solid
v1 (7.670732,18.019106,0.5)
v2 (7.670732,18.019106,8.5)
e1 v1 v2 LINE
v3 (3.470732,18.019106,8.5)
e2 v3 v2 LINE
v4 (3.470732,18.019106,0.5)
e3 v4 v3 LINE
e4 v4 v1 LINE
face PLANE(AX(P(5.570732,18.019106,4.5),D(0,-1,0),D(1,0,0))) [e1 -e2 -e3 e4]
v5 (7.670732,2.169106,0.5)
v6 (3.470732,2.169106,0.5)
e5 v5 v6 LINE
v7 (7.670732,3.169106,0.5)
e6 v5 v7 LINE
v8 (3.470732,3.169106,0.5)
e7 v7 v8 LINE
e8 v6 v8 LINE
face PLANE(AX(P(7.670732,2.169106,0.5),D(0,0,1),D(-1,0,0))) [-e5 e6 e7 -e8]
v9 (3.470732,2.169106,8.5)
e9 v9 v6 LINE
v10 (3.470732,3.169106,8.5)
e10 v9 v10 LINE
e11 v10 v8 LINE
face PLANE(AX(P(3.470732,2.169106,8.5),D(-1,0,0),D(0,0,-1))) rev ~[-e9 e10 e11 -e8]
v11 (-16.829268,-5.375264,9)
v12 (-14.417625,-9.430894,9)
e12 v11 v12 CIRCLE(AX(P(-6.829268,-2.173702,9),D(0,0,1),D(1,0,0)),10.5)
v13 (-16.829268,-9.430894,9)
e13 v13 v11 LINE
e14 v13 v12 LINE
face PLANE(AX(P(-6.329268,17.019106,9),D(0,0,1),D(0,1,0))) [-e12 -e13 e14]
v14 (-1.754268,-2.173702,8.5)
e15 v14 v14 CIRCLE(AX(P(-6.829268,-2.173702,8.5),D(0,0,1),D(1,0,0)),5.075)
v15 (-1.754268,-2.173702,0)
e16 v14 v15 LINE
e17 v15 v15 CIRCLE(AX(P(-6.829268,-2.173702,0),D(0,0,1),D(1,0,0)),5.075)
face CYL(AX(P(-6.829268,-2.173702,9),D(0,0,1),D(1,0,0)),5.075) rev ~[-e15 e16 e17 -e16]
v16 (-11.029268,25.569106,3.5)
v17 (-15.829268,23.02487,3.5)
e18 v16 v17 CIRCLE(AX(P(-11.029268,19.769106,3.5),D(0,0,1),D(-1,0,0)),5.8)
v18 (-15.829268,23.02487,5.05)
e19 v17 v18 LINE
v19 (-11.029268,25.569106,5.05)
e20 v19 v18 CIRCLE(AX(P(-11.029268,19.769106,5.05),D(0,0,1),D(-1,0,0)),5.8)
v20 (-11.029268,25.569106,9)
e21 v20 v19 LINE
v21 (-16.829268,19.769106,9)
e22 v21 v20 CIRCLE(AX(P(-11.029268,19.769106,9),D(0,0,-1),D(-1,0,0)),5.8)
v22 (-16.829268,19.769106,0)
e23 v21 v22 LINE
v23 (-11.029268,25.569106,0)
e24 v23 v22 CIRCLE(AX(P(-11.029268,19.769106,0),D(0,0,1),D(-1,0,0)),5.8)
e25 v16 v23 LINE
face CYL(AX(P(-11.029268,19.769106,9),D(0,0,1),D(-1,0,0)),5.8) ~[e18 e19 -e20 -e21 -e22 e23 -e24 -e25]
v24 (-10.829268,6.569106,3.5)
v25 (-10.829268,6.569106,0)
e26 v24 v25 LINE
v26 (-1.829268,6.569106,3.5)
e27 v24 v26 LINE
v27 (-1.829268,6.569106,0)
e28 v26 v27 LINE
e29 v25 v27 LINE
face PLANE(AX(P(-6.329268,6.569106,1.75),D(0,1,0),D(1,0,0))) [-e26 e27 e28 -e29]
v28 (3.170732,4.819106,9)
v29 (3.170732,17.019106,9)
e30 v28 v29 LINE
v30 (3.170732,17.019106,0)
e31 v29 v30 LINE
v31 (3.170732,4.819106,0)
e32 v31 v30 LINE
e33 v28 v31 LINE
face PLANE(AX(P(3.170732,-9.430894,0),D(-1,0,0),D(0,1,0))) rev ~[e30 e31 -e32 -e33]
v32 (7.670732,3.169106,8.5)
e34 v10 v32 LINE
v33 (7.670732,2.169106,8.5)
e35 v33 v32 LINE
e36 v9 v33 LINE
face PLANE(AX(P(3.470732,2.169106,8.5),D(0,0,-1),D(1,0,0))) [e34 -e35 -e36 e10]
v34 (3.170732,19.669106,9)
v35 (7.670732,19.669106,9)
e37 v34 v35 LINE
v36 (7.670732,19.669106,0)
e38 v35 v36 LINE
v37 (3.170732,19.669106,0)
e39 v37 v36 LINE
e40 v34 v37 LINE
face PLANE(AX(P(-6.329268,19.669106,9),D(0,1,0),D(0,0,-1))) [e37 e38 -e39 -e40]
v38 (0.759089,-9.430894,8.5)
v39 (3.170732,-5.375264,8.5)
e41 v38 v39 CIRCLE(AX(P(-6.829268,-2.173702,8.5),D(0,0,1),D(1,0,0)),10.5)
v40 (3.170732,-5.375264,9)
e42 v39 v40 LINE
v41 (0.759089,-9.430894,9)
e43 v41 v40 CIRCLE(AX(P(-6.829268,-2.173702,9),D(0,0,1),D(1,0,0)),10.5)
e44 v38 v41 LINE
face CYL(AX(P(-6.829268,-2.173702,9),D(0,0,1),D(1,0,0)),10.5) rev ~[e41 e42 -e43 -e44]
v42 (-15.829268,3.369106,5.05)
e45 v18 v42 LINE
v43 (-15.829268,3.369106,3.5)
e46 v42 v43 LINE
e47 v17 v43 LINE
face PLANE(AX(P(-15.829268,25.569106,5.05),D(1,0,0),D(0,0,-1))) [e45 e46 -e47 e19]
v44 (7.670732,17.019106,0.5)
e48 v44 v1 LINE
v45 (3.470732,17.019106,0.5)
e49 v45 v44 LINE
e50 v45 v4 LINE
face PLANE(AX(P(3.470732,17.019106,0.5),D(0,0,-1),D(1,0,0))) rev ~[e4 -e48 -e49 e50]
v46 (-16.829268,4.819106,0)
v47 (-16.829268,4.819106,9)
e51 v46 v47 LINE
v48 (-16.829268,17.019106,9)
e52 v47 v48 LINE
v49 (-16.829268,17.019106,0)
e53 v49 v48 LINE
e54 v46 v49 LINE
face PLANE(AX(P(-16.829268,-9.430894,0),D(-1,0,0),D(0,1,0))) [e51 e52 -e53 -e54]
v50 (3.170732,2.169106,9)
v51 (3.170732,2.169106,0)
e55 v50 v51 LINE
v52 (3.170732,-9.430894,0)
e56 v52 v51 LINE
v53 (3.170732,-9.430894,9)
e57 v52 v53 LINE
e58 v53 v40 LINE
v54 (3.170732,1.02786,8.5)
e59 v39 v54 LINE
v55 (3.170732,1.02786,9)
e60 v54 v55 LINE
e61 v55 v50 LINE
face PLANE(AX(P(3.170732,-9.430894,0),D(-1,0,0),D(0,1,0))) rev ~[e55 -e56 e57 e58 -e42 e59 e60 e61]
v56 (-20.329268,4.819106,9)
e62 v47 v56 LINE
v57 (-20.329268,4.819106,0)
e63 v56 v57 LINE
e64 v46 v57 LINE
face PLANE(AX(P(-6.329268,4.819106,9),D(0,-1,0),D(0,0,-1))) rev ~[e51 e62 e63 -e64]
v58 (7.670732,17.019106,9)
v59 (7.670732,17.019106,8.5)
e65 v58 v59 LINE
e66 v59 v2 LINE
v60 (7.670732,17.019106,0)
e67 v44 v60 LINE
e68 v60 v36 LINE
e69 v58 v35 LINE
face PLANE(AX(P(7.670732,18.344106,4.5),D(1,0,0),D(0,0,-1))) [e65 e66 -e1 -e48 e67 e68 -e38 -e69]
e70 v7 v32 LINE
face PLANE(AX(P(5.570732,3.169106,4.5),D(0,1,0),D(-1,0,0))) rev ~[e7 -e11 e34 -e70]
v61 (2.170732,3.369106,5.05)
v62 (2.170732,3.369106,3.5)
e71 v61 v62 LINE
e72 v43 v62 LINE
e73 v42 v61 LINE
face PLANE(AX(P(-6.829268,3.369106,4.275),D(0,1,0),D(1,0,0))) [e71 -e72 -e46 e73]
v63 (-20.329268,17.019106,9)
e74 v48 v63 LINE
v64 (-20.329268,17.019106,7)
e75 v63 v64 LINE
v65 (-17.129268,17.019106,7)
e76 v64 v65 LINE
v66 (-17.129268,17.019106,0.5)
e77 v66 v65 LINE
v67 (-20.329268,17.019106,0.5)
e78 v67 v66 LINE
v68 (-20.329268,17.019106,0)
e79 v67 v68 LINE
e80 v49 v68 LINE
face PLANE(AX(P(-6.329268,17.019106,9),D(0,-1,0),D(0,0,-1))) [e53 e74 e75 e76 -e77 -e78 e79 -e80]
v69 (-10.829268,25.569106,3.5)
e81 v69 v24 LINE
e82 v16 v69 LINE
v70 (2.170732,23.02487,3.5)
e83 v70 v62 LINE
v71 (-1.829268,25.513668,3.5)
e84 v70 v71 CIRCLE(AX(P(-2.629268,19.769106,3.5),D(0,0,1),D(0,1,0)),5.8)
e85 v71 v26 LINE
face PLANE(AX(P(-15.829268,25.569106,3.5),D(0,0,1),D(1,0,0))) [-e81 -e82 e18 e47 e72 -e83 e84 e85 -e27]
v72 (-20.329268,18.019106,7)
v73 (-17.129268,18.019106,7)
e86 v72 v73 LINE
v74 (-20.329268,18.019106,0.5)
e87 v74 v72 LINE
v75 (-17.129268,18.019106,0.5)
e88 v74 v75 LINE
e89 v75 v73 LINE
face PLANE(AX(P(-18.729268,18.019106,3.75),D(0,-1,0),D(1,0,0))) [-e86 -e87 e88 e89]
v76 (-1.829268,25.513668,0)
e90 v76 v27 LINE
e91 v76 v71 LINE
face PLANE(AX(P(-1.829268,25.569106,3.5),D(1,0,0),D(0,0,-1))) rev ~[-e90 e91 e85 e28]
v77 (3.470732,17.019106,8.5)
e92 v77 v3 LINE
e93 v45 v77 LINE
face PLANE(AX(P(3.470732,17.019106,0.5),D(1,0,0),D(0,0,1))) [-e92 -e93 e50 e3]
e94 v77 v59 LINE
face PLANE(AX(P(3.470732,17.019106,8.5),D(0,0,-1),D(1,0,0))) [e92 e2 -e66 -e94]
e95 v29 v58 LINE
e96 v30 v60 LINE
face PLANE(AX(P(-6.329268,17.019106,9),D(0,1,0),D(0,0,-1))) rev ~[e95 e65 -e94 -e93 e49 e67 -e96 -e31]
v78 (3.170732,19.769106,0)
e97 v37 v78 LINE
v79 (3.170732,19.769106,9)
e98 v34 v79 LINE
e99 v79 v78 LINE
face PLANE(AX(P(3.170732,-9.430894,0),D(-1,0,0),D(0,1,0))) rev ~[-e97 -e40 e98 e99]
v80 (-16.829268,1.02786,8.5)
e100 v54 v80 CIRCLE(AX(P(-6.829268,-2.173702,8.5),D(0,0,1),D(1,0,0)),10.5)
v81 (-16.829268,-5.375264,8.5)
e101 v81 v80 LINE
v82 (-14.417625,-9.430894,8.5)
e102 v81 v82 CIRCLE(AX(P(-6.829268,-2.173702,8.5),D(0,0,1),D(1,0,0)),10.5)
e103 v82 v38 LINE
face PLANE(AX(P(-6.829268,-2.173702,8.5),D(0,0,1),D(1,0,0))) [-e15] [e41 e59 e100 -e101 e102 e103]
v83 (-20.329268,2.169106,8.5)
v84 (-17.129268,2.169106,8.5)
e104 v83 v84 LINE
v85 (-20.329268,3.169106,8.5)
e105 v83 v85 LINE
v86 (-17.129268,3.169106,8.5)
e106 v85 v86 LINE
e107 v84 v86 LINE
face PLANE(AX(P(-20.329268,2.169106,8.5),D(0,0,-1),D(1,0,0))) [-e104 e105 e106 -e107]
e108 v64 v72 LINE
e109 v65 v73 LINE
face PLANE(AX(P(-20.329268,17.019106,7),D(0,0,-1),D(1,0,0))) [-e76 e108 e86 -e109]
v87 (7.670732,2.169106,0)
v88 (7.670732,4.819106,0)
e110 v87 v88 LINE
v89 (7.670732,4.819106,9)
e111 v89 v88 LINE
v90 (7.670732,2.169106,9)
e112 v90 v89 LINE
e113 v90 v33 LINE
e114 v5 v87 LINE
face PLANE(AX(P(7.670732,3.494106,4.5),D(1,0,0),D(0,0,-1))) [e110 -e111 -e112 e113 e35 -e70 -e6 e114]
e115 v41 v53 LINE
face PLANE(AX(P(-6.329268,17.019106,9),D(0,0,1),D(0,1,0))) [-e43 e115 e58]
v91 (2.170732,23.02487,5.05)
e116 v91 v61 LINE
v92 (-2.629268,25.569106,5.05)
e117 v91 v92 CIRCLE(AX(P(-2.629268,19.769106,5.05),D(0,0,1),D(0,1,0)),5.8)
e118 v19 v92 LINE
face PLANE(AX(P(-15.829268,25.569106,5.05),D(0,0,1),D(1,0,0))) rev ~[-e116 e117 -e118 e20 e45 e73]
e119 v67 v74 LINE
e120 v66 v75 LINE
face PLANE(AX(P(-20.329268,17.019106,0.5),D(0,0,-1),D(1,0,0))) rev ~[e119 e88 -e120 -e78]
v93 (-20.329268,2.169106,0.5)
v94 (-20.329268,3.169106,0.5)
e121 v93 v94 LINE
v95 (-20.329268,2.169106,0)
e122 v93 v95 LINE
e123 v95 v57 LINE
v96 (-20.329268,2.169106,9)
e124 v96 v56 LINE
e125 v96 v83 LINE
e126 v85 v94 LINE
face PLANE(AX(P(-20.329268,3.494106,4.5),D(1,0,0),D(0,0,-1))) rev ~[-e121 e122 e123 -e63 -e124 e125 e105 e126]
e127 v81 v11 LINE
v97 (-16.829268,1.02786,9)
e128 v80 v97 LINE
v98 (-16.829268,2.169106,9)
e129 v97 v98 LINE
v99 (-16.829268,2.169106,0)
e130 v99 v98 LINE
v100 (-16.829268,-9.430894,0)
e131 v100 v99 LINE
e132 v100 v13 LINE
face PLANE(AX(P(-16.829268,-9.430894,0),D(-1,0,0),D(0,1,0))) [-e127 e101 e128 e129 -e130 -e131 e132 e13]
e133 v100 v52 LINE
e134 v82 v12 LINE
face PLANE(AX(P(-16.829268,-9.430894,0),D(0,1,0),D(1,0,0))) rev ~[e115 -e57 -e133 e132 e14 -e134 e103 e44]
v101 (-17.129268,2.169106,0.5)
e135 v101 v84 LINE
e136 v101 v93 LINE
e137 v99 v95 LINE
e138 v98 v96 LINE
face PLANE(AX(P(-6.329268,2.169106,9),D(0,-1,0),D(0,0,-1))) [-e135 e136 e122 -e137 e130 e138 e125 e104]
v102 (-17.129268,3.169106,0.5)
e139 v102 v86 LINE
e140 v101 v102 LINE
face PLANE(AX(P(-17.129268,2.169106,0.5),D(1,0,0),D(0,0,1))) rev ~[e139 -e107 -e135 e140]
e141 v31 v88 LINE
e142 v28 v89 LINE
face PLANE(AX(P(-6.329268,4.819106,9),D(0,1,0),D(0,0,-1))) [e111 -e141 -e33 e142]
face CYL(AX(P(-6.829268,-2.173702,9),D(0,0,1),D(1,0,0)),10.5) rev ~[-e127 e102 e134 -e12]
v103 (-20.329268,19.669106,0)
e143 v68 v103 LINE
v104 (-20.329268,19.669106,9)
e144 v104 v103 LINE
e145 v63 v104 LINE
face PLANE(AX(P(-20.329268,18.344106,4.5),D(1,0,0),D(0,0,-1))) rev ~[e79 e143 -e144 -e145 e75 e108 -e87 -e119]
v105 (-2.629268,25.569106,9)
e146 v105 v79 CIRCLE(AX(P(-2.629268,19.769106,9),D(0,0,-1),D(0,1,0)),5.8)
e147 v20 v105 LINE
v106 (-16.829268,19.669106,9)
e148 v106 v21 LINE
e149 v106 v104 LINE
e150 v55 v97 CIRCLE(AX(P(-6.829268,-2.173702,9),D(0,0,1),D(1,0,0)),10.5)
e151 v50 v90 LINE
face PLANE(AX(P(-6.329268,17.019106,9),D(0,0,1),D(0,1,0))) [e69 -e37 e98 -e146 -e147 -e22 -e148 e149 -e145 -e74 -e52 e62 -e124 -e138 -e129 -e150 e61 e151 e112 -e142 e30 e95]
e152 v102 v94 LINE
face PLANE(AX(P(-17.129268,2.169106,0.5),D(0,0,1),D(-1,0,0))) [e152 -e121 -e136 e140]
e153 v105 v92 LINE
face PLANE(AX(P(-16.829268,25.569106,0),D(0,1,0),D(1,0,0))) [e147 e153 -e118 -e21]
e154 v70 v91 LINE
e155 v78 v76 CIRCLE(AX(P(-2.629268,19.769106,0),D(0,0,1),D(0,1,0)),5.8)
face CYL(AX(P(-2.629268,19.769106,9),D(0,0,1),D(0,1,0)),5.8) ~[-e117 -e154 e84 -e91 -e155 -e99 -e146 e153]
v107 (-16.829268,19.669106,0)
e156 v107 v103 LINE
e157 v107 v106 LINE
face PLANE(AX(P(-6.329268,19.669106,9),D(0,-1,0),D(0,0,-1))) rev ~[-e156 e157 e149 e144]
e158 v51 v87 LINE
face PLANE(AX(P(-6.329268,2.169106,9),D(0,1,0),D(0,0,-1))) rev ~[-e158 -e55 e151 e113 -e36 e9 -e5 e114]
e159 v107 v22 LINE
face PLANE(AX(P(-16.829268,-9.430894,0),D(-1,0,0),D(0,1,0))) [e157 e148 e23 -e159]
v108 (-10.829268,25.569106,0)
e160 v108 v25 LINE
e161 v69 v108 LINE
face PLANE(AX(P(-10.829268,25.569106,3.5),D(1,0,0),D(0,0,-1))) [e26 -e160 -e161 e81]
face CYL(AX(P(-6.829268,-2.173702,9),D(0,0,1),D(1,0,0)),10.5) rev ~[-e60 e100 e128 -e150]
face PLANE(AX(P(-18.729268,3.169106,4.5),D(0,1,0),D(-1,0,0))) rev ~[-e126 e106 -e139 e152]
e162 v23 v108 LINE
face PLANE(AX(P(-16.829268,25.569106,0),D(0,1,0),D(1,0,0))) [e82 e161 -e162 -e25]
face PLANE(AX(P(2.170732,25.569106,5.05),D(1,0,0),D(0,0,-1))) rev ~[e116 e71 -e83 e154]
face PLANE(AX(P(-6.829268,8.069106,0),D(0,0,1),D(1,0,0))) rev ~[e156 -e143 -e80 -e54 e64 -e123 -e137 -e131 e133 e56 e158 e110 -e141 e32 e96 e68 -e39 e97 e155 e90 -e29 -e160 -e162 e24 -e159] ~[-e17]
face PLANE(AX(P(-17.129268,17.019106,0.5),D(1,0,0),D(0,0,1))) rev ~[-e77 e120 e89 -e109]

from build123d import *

# Parameters (mm, degrees)
SKETCH2_W           = 20
SKETCH2_H           = 35
BOSS_EXTRUDE1_DEPTH = 9
SKETCH3_W           = 9
SKETCH3_H           = 2.65
BOSS_EXTRUDE2_DEPTH = 14
SKETCH3_2_W         = 9
SKETCH3_2_H         = 2.65
BOSS_EXTRUDE3_DEPTH = 14
SKETCH4_R           = 5.075
CUT_EXTRUDE1_DEPTH  = 34.88300924
SKETCH5_R           = 10.5
CUT_EXTRUDE2_DEPTH  = 0.5
SKETCH7_W           = 18
SKETCH7_H           = 1.55
CUT_EXTRUDE3_DEPTH  = 22.2
SKETCH8_W           = 9
SKETCH8_H           = 3.5
CUT_EXTRUDE4_DEPTH  = 19
SKETCH9_W           = 3.2
SKETCH9_H           = 8
SKETCH9_W_2         = 4.2
CUT_EXTRUDE5_DEPTH  = 1
SKETCH10_W          = 3.2
SKETCH10_H          = 6.5
SKETCH10_W_2        = 4.2
SKETCH10_H_2        = 8
CUT_EXTRUDE6_DEPTH  = 1
CUT_EXTRUDE7_DEPTH  = 10


with BuildPart() as part:
    # Sketch2 → Boss-Extrude1 (new body)
    with BuildSketch(Plane.XY):
        with Locations((-6.829268293, 8.069105691)):
            Rectangle(SKETCH2_W, SKETCH2_H)
    extrude(amount=BOSS_EXTRUDE1_DEPTH)

    # Sketch3 → Boss-Extrude2 (add)
    with BuildSketch(Plane(origin=(-6.329268293, 0, 0), x_dir=(0, 0, -1), z_dir=(1, 0, 0))):
        with Locations((-4.5, 18.344105691)):
            Rectangle(SKETCH3_W, SKETCH3_H)
        with Locations((-4.5, 3.494105691)):
            Rectangle(SKETCH3_W, SKETCH3_H)
    extrude(amount=BOSS_EXTRUDE2_DEPTH)

    # Sketch3<2> → Boss-Extrude3 (add)
    with BuildSketch(Plane(origin=(-6.329268293, 0, 0), x_dir=(0, 0, -1), z_dir=(1, 0, 0))):
        with Locations((-4.5, 18.344105691)):
            Rectangle(SKETCH3_2_W, SKETCH3_2_H)
        with Locations((-4.5, 3.494105691)):
            Rectangle(SKETCH3_2_W, SKETCH3_2_H)
    extrude(amount=-BOSS_EXTRUDE3_DEPTH)

    # Sketch4 → Cut-Extrude1 (cut, through all)
    with BuildSketch(Plane.XY.offset(9)):
        with Locations((-6.829268293, -2.173702028)):
            Circle(SKETCH4_R)
    extrude(amount=-CUT_EXTRUDE1_DEPTH, mode=Mode.SUBTRACT)

    # Sketch5 → Cut-Extrude2 (cut)
    with BuildSketch(Plane.XY.offset(9)):
        with Locations((-6.829268293, -2.173702028)):
            Circle(SKETCH5_R)
    extrude(amount=-CUT_EXTRUDE2_DEPTH, mode=Mode.SUBTRACT)

    # Sketch7 → Cut-Extrude3 (cut)
    with BuildSketch(Plane(origin=(0, 25.569105691, 0), x_dir=(1, 0, 0), z_dir=(0, 1, 0))):
        with Locations((-6.829268293, -4.275)):
            Rectangle(SKETCH7_W, SKETCH7_H)
    extrude(amount=-CUT_EXTRUDE3_DEPTH, mode=Mode.SUBTRACT)

    # Sketch8 → Cut-Extrude4 (cut)
    with BuildSketch(Plane(origin=(0, 25.569105691, 0), x_dir=(1, 0, 0), z_dir=(0, 1, 0))):
        with Locations((-6.329268293, -1.75)):
            Rectangle(SKETCH8_W, SKETCH8_H)
    extrude(amount=-CUT_EXTRUDE4_DEPTH, mode=Mode.SUBTRACT)

    # Sketch9 → Cut-Extrude5 (cut)
    with BuildSketch(Plane.XZ.offset(-2.169105691)):
        with Locations((-18.729268293, 4.5)):
            Rectangle(SKETCH9_W, SKETCH9_H)
        with Locations((5.570731707, 4.5)):
            Rectangle(SKETCH9_W_2, SKETCH9_H)
    extrude(amount=-CUT_EXTRUDE5_DEPTH, mode=Mode.SUBTRACT)

    # Sketch10 → Cut-Extrude6 (cut)
    with BuildSketch(Plane.XZ.offset(-17.019105691)):
        with Locations((-18.729268293, 3.75)):
            Rectangle(SKETCH10_W, SKETCH10_H)
        with Locations((5.570731707, 4.5)):
            Rectangle(SKETCH10_W_2, SKETCH10_H_2)
    extrude(amount=-CUT_EXTRUDE6_DEPTH, mode=Mode.SUBTRACT)

    # Sketch13 → Cut-Extrude7 (cut)
    with BuildSketch(Plane.XY.offset(9)):
        with BuildLine():
            Line((3.170731707, 25.569105691), (-2.629268293, 25.569105691))
            ThreePointArc((-2.629268293, 25.569105691), (1.471951038, 23.870325022), (3.170731707, 19.769105691))
            Line((3.170731707, 19.769105691), (3.170731707, 25.569105691))
        make_face()
        with BuildLine():
            ThreePointArc((-16.829268293, 19.769105691), (-15.130487624, 23.870325022), (-11.029268293, 25.569105691))
            Line((-11.029268293, 25.569105691), (-16.829268293, 25.569105691))
            Line((-16.829268293, 25.569105691), (-16.829268293, 19.769105691))
        make_face()
    extrude(amount=-CUT_EXTRUDE7_DEPTH, mode=Mode.SUBTRACT)


solid = part.part
